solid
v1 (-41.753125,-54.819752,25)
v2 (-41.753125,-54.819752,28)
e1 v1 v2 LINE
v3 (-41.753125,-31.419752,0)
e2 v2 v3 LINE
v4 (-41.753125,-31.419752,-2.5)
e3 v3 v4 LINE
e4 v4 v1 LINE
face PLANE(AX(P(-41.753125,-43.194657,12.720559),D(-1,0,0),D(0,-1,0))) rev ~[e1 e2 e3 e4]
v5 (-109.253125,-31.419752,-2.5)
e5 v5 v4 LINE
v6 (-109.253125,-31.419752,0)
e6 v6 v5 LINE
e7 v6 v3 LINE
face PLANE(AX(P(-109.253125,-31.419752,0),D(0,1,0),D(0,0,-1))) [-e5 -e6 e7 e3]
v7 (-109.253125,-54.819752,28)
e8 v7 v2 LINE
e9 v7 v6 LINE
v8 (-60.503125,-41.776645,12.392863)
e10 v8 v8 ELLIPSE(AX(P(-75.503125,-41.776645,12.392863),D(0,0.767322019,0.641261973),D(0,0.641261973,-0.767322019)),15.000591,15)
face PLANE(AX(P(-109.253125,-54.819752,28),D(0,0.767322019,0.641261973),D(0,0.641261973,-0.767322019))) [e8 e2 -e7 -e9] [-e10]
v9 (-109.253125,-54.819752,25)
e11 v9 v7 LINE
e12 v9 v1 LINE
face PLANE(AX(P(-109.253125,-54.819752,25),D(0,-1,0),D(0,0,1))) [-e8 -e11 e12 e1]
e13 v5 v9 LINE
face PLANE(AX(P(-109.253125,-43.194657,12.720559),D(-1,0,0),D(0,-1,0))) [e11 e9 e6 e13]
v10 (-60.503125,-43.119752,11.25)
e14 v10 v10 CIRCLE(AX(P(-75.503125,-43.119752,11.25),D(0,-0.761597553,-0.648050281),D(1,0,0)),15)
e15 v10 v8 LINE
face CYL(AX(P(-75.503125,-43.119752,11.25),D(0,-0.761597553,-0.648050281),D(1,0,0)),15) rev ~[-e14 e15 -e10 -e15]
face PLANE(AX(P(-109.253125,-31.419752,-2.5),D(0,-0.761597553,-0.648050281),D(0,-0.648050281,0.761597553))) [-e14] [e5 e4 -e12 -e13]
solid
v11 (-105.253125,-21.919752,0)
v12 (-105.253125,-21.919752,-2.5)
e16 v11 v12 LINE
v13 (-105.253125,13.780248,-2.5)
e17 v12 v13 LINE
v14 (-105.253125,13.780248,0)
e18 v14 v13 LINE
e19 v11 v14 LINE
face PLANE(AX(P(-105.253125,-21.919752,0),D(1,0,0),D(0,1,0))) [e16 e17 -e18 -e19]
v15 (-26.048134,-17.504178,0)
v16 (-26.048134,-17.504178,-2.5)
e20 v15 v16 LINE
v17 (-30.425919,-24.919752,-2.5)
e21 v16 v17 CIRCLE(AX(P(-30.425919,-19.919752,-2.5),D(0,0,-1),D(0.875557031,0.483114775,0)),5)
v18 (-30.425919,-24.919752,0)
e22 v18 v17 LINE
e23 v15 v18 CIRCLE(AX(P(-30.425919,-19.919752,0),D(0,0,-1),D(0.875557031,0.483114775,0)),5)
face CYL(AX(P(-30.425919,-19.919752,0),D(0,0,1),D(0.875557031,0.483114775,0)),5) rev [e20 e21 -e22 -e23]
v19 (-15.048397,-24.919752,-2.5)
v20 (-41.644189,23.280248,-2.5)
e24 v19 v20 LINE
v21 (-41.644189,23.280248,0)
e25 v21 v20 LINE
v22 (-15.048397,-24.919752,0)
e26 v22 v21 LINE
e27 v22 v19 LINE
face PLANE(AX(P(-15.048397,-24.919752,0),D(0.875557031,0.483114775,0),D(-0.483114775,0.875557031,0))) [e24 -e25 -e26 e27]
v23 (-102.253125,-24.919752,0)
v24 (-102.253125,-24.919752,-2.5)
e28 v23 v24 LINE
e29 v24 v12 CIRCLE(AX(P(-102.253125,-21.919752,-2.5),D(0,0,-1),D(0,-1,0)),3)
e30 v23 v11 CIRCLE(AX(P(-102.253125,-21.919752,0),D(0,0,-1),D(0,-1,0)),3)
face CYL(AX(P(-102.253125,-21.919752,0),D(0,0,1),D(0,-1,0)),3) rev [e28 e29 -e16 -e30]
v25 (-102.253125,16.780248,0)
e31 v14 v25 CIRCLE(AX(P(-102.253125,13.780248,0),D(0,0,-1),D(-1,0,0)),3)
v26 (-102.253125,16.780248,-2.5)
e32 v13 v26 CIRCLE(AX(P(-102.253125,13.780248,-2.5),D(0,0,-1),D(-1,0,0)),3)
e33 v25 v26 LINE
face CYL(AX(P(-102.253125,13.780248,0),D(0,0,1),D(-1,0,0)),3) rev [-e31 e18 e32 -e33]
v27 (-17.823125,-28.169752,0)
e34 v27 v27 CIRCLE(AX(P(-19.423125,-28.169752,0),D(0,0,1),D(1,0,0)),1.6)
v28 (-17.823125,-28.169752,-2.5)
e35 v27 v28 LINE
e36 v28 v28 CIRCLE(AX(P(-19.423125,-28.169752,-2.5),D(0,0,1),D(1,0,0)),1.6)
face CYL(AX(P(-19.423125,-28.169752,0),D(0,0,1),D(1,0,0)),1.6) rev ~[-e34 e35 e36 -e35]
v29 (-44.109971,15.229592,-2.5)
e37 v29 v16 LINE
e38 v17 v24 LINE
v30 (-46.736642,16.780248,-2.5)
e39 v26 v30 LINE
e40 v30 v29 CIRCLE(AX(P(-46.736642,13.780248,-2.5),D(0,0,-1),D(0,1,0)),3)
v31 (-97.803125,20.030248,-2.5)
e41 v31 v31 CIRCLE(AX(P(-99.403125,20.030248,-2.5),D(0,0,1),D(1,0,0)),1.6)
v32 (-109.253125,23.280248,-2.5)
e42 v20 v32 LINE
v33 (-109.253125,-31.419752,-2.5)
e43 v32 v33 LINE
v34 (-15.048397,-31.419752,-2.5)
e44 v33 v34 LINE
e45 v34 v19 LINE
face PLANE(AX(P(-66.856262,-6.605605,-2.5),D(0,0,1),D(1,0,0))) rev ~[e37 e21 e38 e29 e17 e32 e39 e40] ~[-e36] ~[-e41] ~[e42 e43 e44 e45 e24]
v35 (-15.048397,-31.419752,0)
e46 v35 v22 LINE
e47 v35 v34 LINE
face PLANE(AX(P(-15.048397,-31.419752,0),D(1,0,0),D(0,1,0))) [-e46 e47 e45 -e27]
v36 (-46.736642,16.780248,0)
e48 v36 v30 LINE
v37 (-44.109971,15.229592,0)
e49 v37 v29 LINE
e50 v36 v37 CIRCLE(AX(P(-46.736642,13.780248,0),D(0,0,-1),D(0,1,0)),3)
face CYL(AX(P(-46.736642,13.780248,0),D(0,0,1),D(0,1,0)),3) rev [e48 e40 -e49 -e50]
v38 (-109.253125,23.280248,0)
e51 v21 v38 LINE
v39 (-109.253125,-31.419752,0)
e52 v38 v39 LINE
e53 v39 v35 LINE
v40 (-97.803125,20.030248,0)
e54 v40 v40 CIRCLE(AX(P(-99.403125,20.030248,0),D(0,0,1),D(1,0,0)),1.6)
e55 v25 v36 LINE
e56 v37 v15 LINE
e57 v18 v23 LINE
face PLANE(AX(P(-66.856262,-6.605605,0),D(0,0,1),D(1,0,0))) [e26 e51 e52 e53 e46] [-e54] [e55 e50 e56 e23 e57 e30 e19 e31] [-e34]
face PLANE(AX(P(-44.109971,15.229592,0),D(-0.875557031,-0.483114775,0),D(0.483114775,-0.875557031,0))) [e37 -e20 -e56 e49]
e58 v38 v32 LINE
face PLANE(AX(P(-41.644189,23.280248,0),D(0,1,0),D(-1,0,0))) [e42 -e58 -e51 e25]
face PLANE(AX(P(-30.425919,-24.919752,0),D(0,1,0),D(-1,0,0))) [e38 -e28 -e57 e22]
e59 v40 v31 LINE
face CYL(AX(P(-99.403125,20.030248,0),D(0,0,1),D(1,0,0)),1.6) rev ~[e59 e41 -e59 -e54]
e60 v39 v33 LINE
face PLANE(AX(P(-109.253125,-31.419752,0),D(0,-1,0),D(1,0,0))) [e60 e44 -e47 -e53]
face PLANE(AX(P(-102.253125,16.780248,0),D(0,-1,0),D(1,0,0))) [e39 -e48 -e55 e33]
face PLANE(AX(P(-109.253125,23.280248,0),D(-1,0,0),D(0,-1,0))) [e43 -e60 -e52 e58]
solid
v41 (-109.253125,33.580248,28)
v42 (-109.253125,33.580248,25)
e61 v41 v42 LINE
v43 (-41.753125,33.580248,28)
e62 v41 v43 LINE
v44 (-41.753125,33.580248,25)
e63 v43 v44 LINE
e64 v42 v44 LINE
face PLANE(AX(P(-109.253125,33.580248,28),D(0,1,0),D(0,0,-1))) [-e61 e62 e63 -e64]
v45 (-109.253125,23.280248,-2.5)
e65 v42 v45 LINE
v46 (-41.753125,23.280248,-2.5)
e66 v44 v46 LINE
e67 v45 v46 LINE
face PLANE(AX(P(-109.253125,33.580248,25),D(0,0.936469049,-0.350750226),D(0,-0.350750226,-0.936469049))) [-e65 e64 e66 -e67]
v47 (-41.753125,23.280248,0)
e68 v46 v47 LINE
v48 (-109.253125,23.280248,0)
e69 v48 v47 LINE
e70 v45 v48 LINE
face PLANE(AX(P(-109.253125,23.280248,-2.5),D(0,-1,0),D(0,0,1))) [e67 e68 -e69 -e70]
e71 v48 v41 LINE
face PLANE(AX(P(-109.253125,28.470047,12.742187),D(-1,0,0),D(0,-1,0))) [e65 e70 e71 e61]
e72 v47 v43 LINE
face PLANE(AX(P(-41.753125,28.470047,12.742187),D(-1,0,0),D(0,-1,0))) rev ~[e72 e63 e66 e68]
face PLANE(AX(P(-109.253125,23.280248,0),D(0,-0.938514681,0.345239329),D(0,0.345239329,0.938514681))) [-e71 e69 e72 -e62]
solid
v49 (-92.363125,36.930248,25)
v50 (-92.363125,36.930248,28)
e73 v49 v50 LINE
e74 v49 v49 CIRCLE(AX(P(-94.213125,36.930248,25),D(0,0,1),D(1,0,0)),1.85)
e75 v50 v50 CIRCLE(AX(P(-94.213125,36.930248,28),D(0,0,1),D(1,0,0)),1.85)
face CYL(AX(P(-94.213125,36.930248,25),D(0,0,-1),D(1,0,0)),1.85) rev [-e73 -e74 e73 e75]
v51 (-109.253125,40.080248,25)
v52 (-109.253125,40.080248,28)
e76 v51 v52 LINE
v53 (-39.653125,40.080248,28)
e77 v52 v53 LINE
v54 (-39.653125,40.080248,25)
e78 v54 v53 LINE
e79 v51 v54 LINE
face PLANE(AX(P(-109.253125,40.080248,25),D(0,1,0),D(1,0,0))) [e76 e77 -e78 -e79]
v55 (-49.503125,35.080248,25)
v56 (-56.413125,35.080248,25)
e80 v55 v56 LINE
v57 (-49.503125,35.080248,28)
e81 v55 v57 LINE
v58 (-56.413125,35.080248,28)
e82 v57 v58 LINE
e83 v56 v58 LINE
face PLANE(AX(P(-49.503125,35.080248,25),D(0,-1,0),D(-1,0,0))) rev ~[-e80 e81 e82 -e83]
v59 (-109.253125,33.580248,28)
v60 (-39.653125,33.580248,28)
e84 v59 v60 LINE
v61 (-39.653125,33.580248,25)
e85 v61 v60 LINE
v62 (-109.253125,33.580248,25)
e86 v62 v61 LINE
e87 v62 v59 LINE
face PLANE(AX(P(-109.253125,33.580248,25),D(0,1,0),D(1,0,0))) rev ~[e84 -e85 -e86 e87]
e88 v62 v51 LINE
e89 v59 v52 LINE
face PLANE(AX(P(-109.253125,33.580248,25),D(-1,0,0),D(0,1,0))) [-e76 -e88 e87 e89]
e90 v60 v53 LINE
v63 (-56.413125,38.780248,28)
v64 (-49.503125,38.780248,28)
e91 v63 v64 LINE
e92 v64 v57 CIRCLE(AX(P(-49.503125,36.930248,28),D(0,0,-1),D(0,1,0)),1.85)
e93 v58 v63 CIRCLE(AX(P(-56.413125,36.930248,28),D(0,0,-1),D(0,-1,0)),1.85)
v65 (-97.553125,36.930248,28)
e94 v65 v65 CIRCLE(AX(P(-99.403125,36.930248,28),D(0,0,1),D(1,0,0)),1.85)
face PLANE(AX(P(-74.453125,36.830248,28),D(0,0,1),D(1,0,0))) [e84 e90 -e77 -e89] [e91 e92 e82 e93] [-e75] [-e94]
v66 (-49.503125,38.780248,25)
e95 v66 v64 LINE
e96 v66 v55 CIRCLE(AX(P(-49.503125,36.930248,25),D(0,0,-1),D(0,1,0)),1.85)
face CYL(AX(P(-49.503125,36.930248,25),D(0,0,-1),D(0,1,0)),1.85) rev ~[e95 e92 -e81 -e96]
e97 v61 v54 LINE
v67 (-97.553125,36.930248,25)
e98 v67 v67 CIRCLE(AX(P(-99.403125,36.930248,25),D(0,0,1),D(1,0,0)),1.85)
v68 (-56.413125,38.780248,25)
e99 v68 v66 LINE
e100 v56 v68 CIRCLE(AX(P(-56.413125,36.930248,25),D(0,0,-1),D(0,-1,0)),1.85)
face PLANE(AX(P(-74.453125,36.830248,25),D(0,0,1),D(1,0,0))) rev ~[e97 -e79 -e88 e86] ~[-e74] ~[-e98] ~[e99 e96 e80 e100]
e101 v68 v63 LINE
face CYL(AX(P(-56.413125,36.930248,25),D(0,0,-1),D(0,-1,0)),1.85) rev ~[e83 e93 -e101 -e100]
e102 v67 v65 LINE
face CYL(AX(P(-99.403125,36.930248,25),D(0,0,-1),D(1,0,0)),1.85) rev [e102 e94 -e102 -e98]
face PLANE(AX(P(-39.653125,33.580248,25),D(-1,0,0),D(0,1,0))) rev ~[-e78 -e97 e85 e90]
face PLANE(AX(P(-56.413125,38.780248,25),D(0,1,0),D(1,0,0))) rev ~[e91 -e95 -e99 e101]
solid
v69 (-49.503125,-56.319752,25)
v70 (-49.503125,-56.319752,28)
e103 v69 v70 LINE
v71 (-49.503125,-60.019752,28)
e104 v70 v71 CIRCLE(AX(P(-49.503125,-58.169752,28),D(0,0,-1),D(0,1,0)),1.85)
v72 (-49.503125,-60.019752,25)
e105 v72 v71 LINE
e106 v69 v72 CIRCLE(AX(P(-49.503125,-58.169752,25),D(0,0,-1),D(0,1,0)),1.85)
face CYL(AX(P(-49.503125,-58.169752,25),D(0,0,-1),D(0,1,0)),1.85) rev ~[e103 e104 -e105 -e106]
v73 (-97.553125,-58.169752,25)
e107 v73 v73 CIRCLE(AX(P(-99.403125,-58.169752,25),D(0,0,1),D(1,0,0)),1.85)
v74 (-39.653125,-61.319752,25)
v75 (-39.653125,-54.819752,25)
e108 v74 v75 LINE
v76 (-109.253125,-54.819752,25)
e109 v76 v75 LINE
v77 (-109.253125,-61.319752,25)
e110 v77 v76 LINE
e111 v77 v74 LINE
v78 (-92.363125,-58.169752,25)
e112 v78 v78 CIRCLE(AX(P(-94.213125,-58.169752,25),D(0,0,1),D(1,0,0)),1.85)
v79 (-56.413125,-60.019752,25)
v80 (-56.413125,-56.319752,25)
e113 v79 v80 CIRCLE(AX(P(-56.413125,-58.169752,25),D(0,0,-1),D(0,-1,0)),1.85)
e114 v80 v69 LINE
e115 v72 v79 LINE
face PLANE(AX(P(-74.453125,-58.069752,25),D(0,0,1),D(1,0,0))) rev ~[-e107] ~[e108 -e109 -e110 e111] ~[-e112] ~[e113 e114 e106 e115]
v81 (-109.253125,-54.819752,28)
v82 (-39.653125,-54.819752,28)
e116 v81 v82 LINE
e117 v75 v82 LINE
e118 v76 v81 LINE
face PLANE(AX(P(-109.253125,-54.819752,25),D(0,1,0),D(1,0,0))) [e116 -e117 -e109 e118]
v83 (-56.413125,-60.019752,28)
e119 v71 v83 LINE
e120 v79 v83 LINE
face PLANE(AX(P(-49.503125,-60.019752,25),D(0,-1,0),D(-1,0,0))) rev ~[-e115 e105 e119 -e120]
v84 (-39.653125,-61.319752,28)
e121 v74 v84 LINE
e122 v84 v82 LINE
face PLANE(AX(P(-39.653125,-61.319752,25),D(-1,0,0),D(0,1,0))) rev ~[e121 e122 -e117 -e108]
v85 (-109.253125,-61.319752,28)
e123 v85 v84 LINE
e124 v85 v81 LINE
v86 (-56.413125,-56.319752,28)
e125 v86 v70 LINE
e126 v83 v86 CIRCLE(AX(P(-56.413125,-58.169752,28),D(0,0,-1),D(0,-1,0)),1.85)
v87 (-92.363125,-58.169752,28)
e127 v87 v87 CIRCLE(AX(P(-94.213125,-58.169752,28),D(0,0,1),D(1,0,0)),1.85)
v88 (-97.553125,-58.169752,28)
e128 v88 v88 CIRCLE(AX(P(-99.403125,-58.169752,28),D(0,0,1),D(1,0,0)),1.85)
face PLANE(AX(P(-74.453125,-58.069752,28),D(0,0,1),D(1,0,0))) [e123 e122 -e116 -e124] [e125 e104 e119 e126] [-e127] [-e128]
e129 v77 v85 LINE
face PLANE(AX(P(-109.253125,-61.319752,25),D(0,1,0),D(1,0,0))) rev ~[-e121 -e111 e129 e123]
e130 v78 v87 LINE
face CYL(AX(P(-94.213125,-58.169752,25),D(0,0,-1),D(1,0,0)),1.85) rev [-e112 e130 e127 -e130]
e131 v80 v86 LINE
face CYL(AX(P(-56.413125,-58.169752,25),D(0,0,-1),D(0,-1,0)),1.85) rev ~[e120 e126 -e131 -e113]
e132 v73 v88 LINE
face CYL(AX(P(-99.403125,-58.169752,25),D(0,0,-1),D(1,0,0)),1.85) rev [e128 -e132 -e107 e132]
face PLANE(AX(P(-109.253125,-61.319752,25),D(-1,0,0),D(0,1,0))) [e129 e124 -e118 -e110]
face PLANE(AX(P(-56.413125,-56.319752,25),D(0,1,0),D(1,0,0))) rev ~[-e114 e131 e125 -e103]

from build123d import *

# Parameters (mm, degrees)
F2_W      = 69.6
F2_H      = 6.5
F2_R      = 1.85
F3_DEPTH  = 3
F4_R      = 1.6
F6_DEPTH  = 2.5
F8_DEPTH  = 67.5
F9_R      = 15
F10_DEPTH = 25


with BuildPart() as f3:
    # F2 (on offset) → F3 (new body)
    with BuildSketch(Plane.XY.offset(25)):
        with Locations((-74.4531251728, 36.8302476406)):
            Rectangle(F2_W, F2_H)
        with Locations((-99.4031251728, 36.9302476406)):
            Circle(F2_R, mode=Mode.SUBTRACT)
        with Locations((-94.2131251728, 36.9302476406)):
            Circle(F2_R, mode=Mode.SUBTRACT)
        with BuildLine():
            ThreePointArc((-56.4131251728, 35.0802476406), (-58.2631251728, 36.9302476406), (-56.4131251728, 38.7802476406))
            Line((-56.4131251728, 38.7802476406), (-49.5031251728, 38.7802476406))
            ThreePointArc((-49.5031251728, 38.7802476406), (-47.6531251728, 36.9302476406), (-49.5031251728, 35.0802476406))
            Line((-49.5031251728, 35.0802476406), (-56.4131251728, 35.0802476406))
        make_face(mode=Mode.SUBTRACT)
    extrude(amount=F3_DEPTH)


with BuildPart() as f3b:
    # F2 (on offset) → F3, piece 2 (new body)
    with BuildSketch(Plane.XY.offset(25)):
        with Locations((-74.4531251728, -58.0697523594)):
            Rectangle(F2_W, F2_H)
        with Locations((-99.4031251728, -58.1697523594)):
            Circle(F2_R, mode=Mode.SUBTRACT)
        with Locations((-94.2131251728, -58.1697523594)):
            Circle(F2_R, mode=Mode.SUBTRACT)
        with BuildLine():
            ThreePointArc((-56.4131251728, -60.0197523594), (-58.2631251728, -58.1697523594), (-56.4131251728, -56.3197523594))
            Line((-56.4131251728, -56.3197523594), (-49.5031251728, -56.3197523594))
            ThreePointArc((-49.5031251728, -56.3197523594), (-47.6531251728, -58.1697523594), (-49.5031251728, -60.0197523594))
            Line((-49.5031251728, -60.0197523594), (-56.4131251728, -60.0197523594))
        make_face(mode=Mode.SUBTRACT)
    extrude(amount=F3_DEPTH)


with BuildPart() as f6:
    # F4 (on Top) → F6 (new body)
    with BuildSketch(Plane.XY):
        Polygon((-41.6441885754, 23.2802476406), (-109.2531251728, 23.2802476406), (-109.2531251728, 16.7802476406), (-109.2531251728, -24.9197523594), (-109.2531251728, -31.4197523594), (-15.048397198, -31.4197523594), (-15.048397198, -24.9197523594), align=None)
        with Locations((-19.4231251728, -28.1697523594)):
            Circle(F4_R, mode=Mode.SUBTRACT)
        with BuildLine():
            ThreePointArc((-105.2531251728, 13.7802476406), (-104.3744455164, 15.9015679842), (-102.2531251728, 16.7802476406))
            Line((-102.2531251728, 16.7802476406), (-46.7366417344, 16.7802476406))
            ThreePointArc((-46.7366417344, 16.7802476406), (-45.2115241933, 16.3636594324), (-44.1099706414, 15.2295919644))
            Line((-44.1099706414, 15.2295919644), (-26.0481339213, -17.5041784864))
            ThreePointArc((-26.0481339213, -17.5041784864), (-26.1202327568, -22.4616149279), (-30.4259190764, -24.9197523594))
            Line((-30.4259190764, -24.9197523594), (-102.2531251728, -24.9197523594))
            ThreePointArc((-102.2531251728, -24.9197523594), (-104.3744455164, -24.0410727029), (-105.2531251728, -21.9197523594))
            Line((-105.2531251728, -21.9197523594), (-105.2531251728, 13.7802476406))
        make_face(mode=Mode.SUBTRACT)
        with Locations((-99.4031251728, 20.0302476406)):
            Circle(F4_R, mode=Mode.SUBTRACT)
    extrude(amount=-F6_DEPTH)


with BuildPart() as f8:
    # F7 (on face) → F8 (new body)
    with BuildSketch(Plane(origin=(-109.2531251728, 0, 0), x_dir=(0, -1, 0), z_dir=(-1, 0, 0))):
        Polygon((-23.2802476406, 0), (-33.5802476406, 28), (-33.5802476406, 25), (-23.2802476406, -2.5), align=None)
    extrude(amount=-F8_DEPTH)


with BuildPart() as f8b:
    # F7 (on face) → F8, piece 2 (new body)
    with BuildSketch(Plane(origin=(-109.2531251728, 0, 0), x_dir=(0, -1, 0), z_dir=(-1, 0, 0))):
        Polygon((54.8197523594, 28), (31.4197523594, 0), (31.4197523594, -2.5), (54.8197523594, 25), align=None)
    extrude(amount=-F8_DEPTH)

    # F9 (on face) → F10 (cut)
    with BuildSketch(Plane(origin=(0, -19.4583088961, -16.5572519334), x_dir=(1, 0, 0), z_dir=(0, -0.761597553, -0.6480502814))):
        with Locations((-75.5031251728, 36.5117401236)):
            Circle(F9_R)
    extrude(amount=-F10_DEPTH, mode=Mode.SUBTRACT)


solid = Compound([f3.part, f3b.part, f6.part, f8.part, f8b.part])
